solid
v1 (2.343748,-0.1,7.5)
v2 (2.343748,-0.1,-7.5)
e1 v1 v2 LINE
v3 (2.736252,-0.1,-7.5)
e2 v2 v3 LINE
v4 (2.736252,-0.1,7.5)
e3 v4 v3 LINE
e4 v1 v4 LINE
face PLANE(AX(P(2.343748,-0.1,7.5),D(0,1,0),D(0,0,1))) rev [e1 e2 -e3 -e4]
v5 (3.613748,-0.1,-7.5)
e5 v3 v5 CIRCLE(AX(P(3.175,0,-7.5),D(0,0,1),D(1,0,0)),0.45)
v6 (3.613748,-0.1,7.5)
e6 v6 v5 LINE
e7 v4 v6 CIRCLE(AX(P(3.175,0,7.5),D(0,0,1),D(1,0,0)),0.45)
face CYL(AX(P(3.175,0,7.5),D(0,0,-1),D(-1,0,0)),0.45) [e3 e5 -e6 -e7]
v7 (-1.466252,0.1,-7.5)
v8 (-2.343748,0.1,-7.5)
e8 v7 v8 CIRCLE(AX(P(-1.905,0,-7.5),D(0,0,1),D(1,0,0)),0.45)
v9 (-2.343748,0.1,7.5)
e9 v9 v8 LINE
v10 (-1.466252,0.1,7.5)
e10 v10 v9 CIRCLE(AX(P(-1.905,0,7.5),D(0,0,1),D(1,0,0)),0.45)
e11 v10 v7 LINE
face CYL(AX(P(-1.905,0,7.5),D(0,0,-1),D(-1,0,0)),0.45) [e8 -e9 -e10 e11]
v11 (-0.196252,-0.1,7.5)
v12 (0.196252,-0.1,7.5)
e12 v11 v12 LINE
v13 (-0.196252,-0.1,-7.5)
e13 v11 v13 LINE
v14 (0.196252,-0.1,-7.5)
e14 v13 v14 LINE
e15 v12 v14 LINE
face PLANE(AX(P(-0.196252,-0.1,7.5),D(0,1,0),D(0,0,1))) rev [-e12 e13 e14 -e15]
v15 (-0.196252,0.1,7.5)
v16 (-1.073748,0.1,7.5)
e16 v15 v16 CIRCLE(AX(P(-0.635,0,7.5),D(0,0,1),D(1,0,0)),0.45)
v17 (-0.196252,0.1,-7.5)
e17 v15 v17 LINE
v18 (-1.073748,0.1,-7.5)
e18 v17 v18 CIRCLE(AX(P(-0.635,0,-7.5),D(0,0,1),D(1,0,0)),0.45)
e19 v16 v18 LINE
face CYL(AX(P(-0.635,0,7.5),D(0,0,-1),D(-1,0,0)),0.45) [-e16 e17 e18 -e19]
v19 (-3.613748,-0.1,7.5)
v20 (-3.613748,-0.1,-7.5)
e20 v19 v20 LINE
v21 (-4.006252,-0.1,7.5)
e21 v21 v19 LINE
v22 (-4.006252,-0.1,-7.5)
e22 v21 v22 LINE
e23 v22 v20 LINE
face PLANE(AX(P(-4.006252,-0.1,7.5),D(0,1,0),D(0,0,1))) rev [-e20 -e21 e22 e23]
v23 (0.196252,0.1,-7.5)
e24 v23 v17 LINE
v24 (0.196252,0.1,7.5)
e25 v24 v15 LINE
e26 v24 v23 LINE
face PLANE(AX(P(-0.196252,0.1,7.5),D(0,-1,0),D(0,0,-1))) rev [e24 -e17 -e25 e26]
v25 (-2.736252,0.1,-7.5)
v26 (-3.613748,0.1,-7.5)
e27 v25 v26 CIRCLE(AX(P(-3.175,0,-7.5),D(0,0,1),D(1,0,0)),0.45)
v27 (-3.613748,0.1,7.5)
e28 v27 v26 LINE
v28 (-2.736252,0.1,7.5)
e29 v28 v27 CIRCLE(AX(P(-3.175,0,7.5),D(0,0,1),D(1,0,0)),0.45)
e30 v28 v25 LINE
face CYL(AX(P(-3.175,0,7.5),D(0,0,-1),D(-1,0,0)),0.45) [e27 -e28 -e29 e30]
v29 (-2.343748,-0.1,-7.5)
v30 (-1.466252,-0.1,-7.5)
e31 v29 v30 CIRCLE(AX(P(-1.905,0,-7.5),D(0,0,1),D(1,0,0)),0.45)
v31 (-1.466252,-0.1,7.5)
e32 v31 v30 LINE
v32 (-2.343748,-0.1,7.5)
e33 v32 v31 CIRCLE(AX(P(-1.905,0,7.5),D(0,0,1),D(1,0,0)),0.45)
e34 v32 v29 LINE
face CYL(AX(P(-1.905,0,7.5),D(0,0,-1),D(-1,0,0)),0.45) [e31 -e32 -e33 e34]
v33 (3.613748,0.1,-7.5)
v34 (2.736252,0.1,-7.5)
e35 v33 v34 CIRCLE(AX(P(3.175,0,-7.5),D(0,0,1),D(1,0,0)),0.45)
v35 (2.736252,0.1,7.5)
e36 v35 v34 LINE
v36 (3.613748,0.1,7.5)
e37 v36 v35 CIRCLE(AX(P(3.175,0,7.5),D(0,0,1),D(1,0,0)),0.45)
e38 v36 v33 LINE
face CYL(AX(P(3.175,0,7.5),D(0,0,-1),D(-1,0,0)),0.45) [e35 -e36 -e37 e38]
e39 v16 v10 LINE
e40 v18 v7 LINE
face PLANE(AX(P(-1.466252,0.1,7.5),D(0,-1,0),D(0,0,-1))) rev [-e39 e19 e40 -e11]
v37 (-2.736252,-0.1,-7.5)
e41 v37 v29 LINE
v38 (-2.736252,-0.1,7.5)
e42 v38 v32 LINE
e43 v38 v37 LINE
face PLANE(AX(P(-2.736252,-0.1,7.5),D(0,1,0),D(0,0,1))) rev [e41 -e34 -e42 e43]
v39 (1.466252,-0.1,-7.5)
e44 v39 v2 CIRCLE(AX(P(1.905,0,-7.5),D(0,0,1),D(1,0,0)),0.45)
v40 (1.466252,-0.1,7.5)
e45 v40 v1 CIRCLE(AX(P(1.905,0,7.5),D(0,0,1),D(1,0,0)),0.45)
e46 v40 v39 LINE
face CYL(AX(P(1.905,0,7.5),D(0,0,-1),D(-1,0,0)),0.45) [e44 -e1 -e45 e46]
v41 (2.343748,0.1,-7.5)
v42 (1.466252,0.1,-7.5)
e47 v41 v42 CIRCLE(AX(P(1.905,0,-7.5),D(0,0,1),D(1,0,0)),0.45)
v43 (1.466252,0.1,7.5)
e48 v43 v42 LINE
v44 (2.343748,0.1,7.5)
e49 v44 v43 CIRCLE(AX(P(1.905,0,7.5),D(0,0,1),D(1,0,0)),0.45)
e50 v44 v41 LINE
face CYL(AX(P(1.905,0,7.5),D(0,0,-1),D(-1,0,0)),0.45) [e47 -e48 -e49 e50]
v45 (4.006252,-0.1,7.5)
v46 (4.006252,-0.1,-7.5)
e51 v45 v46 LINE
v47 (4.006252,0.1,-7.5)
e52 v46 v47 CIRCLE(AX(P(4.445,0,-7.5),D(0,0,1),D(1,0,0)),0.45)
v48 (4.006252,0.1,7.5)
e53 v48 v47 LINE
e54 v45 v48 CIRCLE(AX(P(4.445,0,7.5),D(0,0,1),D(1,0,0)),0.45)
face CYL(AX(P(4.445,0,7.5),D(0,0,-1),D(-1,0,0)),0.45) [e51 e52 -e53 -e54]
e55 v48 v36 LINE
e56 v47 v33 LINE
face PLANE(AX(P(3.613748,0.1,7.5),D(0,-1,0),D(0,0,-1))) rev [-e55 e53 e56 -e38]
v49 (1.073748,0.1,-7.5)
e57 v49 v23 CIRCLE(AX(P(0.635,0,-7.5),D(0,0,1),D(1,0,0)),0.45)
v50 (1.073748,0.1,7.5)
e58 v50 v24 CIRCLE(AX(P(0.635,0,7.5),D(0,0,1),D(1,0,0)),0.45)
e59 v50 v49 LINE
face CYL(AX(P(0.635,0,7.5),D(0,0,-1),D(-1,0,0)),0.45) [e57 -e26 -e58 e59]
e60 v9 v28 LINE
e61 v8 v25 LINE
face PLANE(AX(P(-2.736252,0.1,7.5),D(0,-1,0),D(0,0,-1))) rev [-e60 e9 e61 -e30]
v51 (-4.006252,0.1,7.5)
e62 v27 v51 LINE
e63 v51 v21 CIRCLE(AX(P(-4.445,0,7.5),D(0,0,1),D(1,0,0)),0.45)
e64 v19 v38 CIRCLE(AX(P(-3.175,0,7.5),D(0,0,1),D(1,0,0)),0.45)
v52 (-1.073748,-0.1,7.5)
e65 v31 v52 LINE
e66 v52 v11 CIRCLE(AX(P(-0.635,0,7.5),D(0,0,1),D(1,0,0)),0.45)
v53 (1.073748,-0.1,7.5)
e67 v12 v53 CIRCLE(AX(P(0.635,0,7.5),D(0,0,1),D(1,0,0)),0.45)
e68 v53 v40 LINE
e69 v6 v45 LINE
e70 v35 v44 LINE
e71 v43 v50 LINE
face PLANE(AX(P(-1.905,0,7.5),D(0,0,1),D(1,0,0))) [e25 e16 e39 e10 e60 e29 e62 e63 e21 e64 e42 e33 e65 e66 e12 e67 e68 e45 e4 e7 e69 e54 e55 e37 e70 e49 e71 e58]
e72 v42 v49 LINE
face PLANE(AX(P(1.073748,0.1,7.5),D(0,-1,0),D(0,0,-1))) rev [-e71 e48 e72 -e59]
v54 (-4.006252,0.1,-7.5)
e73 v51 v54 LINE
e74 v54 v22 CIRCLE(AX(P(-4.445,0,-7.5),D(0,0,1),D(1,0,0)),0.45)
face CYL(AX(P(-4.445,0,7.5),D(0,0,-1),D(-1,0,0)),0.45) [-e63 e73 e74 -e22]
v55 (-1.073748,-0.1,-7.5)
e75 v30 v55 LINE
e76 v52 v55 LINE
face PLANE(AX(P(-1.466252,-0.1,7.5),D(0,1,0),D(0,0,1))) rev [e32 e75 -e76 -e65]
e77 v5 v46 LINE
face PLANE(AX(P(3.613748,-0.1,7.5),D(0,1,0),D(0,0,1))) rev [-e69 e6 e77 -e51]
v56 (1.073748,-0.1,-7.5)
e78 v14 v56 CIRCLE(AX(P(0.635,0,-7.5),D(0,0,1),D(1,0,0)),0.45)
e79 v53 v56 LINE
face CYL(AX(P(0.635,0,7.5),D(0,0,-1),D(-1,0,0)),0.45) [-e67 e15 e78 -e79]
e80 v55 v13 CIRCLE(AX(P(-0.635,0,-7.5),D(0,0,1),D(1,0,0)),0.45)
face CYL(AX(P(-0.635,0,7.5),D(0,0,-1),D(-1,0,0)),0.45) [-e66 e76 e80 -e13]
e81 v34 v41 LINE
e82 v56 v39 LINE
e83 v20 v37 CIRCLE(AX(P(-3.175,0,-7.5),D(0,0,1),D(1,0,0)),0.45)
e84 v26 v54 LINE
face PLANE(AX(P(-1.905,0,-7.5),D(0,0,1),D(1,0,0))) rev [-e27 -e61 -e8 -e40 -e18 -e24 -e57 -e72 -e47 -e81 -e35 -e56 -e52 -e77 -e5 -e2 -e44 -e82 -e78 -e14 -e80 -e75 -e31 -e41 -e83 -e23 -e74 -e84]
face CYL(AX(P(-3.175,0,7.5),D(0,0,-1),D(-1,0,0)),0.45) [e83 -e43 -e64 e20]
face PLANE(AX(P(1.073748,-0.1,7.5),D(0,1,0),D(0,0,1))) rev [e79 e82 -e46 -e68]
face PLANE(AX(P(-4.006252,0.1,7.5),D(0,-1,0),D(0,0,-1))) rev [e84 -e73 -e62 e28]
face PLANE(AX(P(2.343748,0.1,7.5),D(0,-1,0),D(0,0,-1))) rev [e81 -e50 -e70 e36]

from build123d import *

# Parameters (mm, degrees)
ESQUISSE1_R                = 0.45
BOSS_EXTRU_1_DEPTH         = 7.5
R_P_TITION_LIN_AIRE1_COUNT = 8
R_P_TITION_LIN_AIRE1_PITCH = 1.27
BOSS_EXTRU_2_DEPTH         = 7.5
R_P_TITION_LIN_AIRE2_COUNT = 7
R_P_TITION_LIN_AIRE2_PITCH = 1.27


with BuildPart() as part:
    # Esquisse1 → Boss.-Extru.1 (new, symmetric)
    with BuildSketch(Plane.XY):
        with Locations((-4.445, 0)):
            Circle(ESQUISSE1_R)
    extrude(amount=BOSS_EXTRU_1_DEPTH, both=True)


with BuildPart() as r_p_tition_lin_aire1_1:
    # Répétition linéaire1: pattern copy
    add(part.part.moved(Location(Vector(1, 0, 0) * (1 * R_P_TITION_LIN_AIRE1_PITCH))))


with BuildPart() as r_p_tition_lin_aire1_2:
    # Répétition linéaire1: pattern copy
    add(part.part.moved(Location(Vector(1, 0, 0) * (2 * R_P_TITION_LIN_AIRE1_PITCH))))


with BuildPart() as r_p_tition_lin_aire1_3:
    # Répétition linéaire1: pattern copy
    add(part.part.moved(Location(Vector(1, 0, 0) * (3 * R_P_TITION_LIN_AIRE1_PITCH))))


with BuildPart() as r_p_tition_lin_aire1_4:
    # Répétition linéaire1: pattern copy
    add(part.part.moved(Location(Vector(1, 0, 0) * (4 * R_P_TITION_LIN_AIRE1_PITCH))))


with BuildPart() as r_p_tition_lin_aire1_5:
    # Répétition linéaire1: pattern copy
    add(part.part.moved(Location(Vector(1, 0, 0) * (5 * R_P_TITION_LIN_AIRE1_PITCH))))


with BuildPart() as r_p_tition_lin_aire1_6:
    # Répétition linéaire1: pattern copy
    add(part.part.moved(Location(Vector(1, 0, 0) * (6 * R_P_TITION_LIN_AIRE1_PITCH))))


with BuildPart() as r_p_tition_lin_aire1_7:
    # Répétition linéaire1: pattern copy
    add(part.part.moved(Location(Vector(1, 0, 0) * (7 * R_P_TITION_LIN_AIRE1_PITCH))))


with BuildPart() as part_1:
    add(part.part)

    add(r_p_tition_lin_aire1_1.part)  # Boss.-Extru.2 merges Répétition linéaire1_1
    # Esquisse2 → Boss.-Extru.2 (add, symmetric)
    with BuildSketch(Plane.XY):
        with BuildLine():
            Line((-4.006251781, 0.1), (-3.613748219, 0.1))
            ThreePointArc((-3.613748219, 0.1), (-3.625, 0), (-3.613748219, -0.1))
            Line((-3.613748219, -0.1), (-4.006251781, -0.1))
            ThreePointArc((-4.006251781, -0.1), (-3.995, 0), (-4.006251781, 0.1))
        make_face()
    boss_extru_2 = extrude(amount=BOSS_EXTRU_2_DEPTH, both=True)

    add(r_p_tition_lin_aire1_2.part)  # Répétition linéaire2 merges Répétition linéaire1_2

    add(r_p_tition_lin_aire1_3.part)  # Répétition linéaire2 merges Répétition linéaire1_3

    add(r_p_tition_lin_aire1_4.part)  # Répétition linéaire2 merges Répétition linéaire1_4

    add(r_p_tition_lin_aire1_5.part)  # Répétition linéaire2 merges Répétition linéaire1_5

    add(r_p_tition_lin_aire1_6.part)  # Répétition linéaire2 merges Répétition linéaire1_6

    add(r_p_tition_lin_aire1_7.part)  # Répétition linéaire2 merges Répétition linéaire1_7
    # Répétition linéaire2: Boss.-Extru.2 ×7
    with Locations(*[(i * R_P_TITION_LIN_AIRE2_PITCH, 0, 0) for i in range(1, R_P_TITION_LIN_AIRE2_COUNT)]):
        add(boss_extru_2)


solid = part_1.part
